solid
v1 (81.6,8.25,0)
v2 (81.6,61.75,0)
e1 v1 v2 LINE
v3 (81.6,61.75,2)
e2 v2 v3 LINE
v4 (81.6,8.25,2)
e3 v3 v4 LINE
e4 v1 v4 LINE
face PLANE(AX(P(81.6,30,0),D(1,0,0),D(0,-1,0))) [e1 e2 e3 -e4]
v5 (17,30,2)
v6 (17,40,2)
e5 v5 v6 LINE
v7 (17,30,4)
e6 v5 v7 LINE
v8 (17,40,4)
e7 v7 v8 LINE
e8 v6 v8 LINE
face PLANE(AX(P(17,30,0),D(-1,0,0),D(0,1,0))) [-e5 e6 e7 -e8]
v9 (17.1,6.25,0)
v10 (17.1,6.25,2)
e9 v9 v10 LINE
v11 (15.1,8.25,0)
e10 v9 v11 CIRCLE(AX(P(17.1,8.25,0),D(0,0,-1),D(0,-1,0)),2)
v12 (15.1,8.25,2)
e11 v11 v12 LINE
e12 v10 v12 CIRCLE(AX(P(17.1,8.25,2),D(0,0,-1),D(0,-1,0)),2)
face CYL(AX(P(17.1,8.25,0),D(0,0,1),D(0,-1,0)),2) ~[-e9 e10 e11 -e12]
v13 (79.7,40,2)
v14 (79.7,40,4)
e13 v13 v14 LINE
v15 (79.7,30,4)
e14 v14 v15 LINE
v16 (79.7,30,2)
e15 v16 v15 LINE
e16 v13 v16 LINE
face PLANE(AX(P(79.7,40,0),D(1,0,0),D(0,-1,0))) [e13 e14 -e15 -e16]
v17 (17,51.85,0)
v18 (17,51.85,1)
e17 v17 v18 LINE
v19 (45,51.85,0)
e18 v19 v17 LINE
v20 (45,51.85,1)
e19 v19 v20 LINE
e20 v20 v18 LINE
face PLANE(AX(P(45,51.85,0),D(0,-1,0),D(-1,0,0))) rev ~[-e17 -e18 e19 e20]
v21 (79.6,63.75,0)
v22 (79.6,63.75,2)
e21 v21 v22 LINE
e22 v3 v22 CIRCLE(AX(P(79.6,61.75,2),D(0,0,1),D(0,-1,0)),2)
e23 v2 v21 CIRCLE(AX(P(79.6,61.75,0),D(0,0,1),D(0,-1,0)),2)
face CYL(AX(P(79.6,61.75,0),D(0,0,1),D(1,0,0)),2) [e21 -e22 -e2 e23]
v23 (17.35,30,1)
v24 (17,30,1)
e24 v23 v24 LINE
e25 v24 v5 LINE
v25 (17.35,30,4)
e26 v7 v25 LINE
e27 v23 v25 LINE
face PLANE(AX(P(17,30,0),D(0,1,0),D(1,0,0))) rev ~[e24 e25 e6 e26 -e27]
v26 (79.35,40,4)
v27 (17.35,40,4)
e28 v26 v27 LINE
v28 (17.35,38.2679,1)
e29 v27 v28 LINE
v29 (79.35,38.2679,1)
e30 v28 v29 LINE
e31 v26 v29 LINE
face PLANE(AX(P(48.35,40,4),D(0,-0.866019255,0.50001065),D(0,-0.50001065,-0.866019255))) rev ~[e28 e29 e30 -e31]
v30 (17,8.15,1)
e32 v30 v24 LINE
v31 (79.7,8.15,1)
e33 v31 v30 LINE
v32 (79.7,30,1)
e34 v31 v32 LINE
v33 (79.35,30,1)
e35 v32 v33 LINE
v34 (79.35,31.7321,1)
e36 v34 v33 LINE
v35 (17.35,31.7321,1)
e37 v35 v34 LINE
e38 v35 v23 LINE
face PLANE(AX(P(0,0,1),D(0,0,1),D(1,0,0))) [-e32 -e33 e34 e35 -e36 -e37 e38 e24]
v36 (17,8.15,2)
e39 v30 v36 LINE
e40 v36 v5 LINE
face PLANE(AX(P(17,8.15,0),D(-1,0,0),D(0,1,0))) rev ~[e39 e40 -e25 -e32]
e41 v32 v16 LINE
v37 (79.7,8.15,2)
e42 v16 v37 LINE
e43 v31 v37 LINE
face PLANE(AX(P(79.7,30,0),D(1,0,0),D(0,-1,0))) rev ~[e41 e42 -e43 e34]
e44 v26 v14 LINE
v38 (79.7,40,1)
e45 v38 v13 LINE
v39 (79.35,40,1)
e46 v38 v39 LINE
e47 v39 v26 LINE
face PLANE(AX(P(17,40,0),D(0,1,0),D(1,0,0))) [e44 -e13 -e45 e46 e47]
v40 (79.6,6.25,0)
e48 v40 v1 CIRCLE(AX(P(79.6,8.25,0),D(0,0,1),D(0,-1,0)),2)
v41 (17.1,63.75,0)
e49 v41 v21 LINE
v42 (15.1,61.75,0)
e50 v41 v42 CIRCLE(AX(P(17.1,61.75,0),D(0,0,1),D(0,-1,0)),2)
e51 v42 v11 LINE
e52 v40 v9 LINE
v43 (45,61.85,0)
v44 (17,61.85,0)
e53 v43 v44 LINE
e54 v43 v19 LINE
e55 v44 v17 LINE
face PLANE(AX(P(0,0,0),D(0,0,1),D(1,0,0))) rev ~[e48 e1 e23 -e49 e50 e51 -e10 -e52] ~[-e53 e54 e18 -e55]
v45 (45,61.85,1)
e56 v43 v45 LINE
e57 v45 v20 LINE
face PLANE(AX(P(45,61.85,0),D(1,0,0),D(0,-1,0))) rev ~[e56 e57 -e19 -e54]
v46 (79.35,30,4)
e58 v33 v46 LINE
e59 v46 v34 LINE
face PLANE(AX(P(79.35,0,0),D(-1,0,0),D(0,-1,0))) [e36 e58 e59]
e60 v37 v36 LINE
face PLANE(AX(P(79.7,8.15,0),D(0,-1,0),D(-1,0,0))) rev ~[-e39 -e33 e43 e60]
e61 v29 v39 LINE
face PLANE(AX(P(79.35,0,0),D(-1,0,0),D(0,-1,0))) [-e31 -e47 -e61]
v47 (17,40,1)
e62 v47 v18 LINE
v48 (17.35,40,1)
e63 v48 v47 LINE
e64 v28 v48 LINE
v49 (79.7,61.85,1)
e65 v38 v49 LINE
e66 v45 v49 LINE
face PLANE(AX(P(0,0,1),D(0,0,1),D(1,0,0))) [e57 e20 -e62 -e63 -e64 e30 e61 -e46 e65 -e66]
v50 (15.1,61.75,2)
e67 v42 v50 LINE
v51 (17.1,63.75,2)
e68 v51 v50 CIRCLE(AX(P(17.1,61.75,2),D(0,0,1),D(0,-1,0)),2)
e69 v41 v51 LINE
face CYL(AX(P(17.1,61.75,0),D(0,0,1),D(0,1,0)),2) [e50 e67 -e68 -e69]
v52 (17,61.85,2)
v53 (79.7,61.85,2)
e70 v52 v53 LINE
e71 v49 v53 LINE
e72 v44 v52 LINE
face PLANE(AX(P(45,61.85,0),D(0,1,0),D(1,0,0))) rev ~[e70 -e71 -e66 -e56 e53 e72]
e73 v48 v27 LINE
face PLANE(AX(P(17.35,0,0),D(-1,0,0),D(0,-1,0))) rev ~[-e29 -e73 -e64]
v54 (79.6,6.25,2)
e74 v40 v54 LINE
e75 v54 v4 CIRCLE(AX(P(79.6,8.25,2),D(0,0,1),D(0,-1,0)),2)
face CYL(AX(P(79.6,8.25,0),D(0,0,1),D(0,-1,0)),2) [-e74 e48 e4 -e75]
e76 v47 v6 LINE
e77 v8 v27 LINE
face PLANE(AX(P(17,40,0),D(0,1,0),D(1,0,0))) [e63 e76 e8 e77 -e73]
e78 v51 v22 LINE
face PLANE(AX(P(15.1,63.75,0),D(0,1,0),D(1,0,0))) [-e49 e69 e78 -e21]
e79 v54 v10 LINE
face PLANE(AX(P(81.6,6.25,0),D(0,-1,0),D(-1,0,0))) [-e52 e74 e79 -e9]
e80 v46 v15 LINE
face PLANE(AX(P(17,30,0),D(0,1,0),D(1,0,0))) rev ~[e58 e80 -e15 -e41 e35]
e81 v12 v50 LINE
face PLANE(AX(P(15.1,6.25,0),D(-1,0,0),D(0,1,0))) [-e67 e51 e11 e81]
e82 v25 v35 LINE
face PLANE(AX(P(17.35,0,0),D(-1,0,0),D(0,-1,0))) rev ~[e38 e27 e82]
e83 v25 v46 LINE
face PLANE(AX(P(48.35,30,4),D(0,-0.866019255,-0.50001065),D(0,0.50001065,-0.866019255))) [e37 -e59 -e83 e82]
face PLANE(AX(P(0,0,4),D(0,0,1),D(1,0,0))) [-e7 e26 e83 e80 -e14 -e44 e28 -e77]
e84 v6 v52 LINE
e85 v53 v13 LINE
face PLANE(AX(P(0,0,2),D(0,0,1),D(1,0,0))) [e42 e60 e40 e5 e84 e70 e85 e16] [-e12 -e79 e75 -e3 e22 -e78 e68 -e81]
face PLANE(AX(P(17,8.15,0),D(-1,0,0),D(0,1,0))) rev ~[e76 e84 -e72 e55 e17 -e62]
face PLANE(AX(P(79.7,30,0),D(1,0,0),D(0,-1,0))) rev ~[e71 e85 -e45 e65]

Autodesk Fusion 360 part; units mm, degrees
sketch "Schizzo1" plane through (0, 0, 0) normal (0, 0, 1) x (1, 0, 0)
  line L0 (15, 63.85) -> (81.7, 63.85) construction
  line L1 (81.7, 63.85) -> (81.7, 6.15) construction
  line L2 (81.7, 6.15) -> (15, 6.15) construction
  line L3 (15, 6.15) -> (15, 63.85) construction
  line L4 (15, 35) -> (81.7, 35) construction
  line L5 (48.35, 63.85) -> (48.35, 6.15) construction
  line L6 (81.6, 6.25) -> (15.1, 6.25)
  line L7 (15.1, 6.25) -> (15.1, 63.75)
  line L8 (15.1, 63.75) -> (81.6, 63.75)
  line L9 (81.6, 63.75) -> (81.6, 6.25)
  line L10 (79.7, 8.15) -> (17, 8.15)
  line L11 (17, 8.15) -> (17, 61.85)
  line L12 (17, 61.85) -> (79.7, 61.85)
  line L13 (79.7, 61.85) -> (79.7, 8.15)
  line L14 (15.1, 40) -> (81.7, 40)
  line L15 (15.1, 30) -> (81.7, 30)
  line L16 (17, 61.85) -> (45, 61.85)
  line L17 (45, 61.85) -> (45, 51.85)
  line L18 (45, 51.85) -> (17, 51.85)
  line L19 (17, 51.85) -> (17, 61.85)
  dimension "d1" = 66.7
  dimension "d2" = 57.7
  dimension "d3" = 0.1
  dimension "d4" = 2
  dimension "d9" = 10
  dimension "d18" = 28
  dimension "d19" = 10
extrude "Estrusione1" add sketch "Schizzo1" along normal blind 1 contours L11 L13 L14 L15 | L10 L11 L13 L15 | L11 L12 L13 L14 L17 L18
extrude "Estrusione2" add sketch "Schizzo1" along normal blind 2 contours L6 L7 L9 L10 L11 L13 L15 | L9 L13 L14 L15 | L7 L11 L14 L15 | L7 L8 L9 L11 L12 L13 L14 L16 L19
fillet "Raccordo1" radius 2 4 edges at (81.6, 6.25, 1) (15.1, 6.25, 1) (81.6, 63.75, 1) (15.1, 63.75, 1)
extrude "Estrusione3" add sketch "Schizzo1" along normal blind 4 contours L11 L13 L14 L15
ref_plane "Piano di lavoro1" through (48.35, 35, 0) normal (-1, 0, 0) x (0, -1, 0)
sketch "Schizzo2" plane through (48.35, 0, 0) normal (-1, 0, 0) x (0, -1, 0)
  line L0 (-30, 4) -> (-40, 4) construction
  line L1 (-40, 4) -> (-40, 1) construction
  line L2 (-40, 1) -> (-30, 1) construction
  line L3 (-30, 1) -> (-30, 4) construction
  line L4 (-30, 1) -> (-30, 4)
  line L5 (-30, 4) -> (-31.7321, 1)
  line L6 (-31.7321, 1) -> (-30, 1)
  line L7 (-35, 4) -> (-35, 1) construction
  line L8 (-40, 4) -> (-38.2679, 1)
  line L9 (-40, 1) -> (-40, 4) construction
  line L10 (-38.2679, 1) -> (-40, 1)
  line L11 (-40, 1) -> (-40, 4)
  point P0 (-40, 1)
  point P1 (-30, 4)
  dimension "d15" = 30
extrude "Estrusione4" cut sketch "Schizzo2" along normal mid plane 62
